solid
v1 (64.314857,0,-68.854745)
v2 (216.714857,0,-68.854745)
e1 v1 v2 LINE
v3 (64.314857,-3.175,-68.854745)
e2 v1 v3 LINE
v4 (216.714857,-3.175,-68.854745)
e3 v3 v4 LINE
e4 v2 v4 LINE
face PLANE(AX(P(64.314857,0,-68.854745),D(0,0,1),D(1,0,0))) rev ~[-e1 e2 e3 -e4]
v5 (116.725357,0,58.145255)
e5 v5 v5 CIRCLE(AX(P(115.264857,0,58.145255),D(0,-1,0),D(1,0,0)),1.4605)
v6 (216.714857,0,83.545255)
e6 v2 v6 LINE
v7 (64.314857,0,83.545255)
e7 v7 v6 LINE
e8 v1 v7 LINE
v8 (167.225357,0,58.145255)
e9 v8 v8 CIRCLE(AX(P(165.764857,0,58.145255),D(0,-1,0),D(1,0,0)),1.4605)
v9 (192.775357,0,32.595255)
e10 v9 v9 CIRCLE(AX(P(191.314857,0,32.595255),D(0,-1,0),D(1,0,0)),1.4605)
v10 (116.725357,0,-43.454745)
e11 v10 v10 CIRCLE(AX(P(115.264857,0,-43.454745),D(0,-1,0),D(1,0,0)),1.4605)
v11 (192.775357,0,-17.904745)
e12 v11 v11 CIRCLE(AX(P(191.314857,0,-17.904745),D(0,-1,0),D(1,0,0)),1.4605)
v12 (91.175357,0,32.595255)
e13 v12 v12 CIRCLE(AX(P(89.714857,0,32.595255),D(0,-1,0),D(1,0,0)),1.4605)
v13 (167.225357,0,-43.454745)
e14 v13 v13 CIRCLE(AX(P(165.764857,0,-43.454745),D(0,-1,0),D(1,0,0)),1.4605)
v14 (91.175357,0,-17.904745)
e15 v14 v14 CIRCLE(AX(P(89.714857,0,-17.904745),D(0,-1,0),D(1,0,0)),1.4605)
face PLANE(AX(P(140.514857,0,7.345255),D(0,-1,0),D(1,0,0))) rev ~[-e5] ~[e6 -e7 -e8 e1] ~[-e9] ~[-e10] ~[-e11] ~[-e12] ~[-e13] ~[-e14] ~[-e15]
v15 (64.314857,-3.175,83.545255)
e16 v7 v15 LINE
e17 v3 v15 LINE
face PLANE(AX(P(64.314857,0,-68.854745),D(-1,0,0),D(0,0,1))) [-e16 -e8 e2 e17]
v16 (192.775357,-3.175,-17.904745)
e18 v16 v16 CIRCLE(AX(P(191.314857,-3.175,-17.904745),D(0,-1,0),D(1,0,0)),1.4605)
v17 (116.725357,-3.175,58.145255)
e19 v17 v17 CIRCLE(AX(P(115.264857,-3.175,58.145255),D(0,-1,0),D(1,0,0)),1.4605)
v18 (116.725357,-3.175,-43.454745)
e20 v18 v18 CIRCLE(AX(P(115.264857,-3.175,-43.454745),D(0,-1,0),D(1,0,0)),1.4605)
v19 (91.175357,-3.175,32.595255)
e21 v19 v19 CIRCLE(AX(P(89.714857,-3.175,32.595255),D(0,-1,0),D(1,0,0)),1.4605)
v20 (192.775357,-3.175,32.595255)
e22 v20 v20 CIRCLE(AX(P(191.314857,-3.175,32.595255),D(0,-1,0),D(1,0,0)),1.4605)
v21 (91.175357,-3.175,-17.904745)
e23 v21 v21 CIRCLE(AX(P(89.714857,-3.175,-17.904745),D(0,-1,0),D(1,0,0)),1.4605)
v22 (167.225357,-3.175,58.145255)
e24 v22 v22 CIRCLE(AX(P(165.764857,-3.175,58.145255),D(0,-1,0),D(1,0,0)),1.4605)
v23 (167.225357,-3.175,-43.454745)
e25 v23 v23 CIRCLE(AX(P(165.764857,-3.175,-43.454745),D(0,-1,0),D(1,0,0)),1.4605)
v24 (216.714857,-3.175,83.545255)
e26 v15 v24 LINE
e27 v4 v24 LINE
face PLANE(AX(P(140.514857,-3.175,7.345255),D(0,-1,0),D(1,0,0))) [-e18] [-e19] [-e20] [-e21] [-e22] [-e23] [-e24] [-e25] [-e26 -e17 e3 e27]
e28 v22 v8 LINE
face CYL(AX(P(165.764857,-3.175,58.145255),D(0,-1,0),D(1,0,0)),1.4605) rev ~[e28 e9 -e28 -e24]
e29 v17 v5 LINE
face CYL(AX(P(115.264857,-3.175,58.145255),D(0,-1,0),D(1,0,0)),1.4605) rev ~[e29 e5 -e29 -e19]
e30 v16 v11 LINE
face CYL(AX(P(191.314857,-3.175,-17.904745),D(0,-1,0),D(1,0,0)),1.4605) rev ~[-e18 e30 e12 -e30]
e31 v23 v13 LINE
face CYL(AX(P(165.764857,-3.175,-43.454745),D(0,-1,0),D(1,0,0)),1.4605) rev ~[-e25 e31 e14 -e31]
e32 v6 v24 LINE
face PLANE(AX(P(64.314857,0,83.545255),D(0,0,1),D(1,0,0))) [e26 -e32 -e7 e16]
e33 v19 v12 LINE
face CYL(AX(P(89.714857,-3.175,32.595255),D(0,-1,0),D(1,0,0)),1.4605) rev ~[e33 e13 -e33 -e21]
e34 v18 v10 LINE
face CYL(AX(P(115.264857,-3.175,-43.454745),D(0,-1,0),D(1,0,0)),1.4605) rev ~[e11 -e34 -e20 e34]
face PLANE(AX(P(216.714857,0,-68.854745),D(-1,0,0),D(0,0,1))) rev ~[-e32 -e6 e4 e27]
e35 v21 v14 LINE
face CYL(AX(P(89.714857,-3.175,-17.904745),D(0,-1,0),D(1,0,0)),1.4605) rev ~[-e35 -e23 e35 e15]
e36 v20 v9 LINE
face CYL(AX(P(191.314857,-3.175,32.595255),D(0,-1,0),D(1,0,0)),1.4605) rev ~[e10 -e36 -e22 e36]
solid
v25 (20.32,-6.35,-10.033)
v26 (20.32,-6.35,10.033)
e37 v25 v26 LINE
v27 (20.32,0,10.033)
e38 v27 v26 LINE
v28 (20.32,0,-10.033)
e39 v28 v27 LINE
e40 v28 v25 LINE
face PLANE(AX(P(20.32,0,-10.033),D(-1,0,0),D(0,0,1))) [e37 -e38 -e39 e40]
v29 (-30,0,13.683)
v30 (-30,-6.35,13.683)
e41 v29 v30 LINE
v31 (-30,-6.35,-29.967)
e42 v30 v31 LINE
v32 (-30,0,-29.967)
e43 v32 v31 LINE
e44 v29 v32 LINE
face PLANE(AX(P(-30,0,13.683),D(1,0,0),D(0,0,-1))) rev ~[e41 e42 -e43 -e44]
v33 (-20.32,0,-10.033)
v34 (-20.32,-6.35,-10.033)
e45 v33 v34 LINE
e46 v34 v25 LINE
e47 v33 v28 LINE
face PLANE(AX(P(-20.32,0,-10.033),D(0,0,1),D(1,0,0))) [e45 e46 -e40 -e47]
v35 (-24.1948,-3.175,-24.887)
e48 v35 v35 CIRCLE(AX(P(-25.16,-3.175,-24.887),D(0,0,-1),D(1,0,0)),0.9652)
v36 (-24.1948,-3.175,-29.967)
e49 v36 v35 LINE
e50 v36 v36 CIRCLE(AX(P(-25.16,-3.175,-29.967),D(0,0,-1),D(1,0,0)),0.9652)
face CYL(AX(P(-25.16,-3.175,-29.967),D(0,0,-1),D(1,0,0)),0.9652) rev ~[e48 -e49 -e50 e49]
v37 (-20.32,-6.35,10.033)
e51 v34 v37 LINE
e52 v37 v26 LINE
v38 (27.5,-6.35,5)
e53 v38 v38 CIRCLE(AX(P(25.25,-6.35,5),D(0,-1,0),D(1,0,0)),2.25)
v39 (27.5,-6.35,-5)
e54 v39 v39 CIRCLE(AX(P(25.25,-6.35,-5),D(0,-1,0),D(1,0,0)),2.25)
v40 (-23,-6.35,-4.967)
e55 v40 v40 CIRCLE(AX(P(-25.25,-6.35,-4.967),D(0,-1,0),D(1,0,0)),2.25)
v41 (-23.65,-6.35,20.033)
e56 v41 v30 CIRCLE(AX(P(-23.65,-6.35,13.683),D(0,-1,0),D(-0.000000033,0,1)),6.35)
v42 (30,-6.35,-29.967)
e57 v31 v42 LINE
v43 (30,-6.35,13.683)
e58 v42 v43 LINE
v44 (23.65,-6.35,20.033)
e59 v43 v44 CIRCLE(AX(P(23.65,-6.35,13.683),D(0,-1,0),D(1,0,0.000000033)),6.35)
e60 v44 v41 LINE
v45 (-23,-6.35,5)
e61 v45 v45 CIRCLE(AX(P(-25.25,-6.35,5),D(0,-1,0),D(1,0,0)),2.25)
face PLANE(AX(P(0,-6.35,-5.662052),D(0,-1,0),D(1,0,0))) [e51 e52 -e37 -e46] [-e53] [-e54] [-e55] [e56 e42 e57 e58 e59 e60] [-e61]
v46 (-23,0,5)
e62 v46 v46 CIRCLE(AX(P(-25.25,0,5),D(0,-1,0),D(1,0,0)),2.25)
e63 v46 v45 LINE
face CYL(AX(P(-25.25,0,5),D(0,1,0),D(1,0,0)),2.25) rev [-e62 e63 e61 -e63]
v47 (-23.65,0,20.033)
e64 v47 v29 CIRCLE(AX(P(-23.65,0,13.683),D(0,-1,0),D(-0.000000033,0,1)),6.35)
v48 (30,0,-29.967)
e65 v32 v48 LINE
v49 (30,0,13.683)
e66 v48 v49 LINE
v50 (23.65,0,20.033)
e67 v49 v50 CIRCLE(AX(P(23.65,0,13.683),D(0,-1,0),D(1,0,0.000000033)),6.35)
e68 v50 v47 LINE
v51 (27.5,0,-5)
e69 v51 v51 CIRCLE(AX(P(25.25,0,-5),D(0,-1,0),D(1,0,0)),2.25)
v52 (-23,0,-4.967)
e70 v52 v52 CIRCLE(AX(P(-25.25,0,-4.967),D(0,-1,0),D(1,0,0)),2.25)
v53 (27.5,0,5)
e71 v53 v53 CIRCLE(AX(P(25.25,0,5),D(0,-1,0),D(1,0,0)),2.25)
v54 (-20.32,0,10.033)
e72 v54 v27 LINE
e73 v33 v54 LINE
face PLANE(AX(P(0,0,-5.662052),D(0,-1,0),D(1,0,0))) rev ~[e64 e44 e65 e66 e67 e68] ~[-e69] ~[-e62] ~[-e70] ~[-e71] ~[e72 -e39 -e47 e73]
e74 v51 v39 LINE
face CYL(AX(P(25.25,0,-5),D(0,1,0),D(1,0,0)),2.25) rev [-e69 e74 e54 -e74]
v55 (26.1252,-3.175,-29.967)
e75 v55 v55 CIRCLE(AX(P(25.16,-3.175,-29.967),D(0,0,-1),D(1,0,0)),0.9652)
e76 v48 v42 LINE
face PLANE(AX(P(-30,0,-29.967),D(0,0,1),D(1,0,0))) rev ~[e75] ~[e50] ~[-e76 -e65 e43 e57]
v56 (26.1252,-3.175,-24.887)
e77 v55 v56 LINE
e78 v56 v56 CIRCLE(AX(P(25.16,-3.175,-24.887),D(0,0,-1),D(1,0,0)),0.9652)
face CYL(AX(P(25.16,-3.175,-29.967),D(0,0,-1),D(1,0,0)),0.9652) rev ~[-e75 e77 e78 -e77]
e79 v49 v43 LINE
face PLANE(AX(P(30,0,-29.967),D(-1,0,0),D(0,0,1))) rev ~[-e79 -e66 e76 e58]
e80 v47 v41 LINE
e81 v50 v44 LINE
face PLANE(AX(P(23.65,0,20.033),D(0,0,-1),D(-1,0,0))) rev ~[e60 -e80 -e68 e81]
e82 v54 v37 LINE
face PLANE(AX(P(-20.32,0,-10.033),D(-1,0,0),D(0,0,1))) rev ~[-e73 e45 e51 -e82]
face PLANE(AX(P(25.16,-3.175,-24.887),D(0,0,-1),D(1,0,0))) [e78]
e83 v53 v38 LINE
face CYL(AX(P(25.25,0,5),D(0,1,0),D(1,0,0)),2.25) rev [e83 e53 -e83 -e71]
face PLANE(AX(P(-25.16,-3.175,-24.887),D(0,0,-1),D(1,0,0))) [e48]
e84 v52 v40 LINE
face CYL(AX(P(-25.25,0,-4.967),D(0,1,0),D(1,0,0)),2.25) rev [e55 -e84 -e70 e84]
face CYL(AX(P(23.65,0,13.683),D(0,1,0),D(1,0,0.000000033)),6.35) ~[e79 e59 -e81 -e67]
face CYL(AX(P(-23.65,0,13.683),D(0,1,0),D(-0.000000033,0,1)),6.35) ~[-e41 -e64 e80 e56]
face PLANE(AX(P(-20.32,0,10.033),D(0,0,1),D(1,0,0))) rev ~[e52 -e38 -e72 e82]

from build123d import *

# Parameters (mm, degrees)
F0_R     = 2.25
F0_W     = 40.64
F0_H     = 20.066
F1_DEPTH = 6.35
F2_W     = 152.4
F2_H     = 152.4
F3_DEPTH = 3.175
F4_R     = 1.4605
F5_DEPTH = 25.4
F6_R     = 0.9652
F7_DEPTH = 5.08


with BuildPart() as f1:
    # F0 (on Front) → F1 (new body)
    with BuildSketch(Plane.XZ):
        with BuildLine():
            ThreePointArc((30, 13.683), (28.140128, 18.173128), (23.65, 20.033))
            Line((23.65, 20.033), (-23.65, 20.033))
            ThreePointArc((-23.65, 20.033), (-28.140128, 18.173128), (-30, 13.683))
            Line((-30, 13.683), (-30, -29.967))
            Line((-30, -29.967), (-25.25, -29.967))
            Line((-25.25, -29.967), (25.25, -29.967))
            Line((25.25, -29.967), (30, -29.967))
            Line((30, -29.967), (30, 13.683))
        make_face()
        with Locations((25.25, -5)):
            Circle(F0_R, mode=Mode.SUBTRACT)
        with Locations((-25.25, -4.967)):
            Circle(F0_R, mode=Mode.SUBTRACT)
        with Locations((-25.25, 5)):
            Circle(F0_R, mode=Mode.SUBTRACT)
        Rectangle(F0_W, F0_H, mode=Mode.SUBTRACT)
        with Locations((25.25, 5)):
            Circle(F0_R, mode=Mode.SUBTRACT)
    extrude(amount=F1_DEPTH)

    # F6 (on face) → F7 (cut)
    with BuildSketch(Plane(origin=(0, 0, -29.967), x_dir=(1, 0, 0), z_dir=(0, 0, -1))):
        with Locations((-25.16, 3.175)):
            Circle(F6_R)
        with Locations((25.16, 3.175)):
            Circle(F6_R)
    extrude(amount=-F7_DEPTH, mode=Mode.SUBTRACT)


with BuildPart() as f3:
    # F2 (on Front) → F3 (new body)
    with BuildSketch(Plane.XZ):
        with Locations((140.514857, 7.345255)):
            Rectangle(F2_W, F2_H)
    extrude(amount=F3_DEPTH)

    # F4 (on face) → F5 (cut)
    with BuildSketch(Plane.XZ.offset(3.175)):
        with Locations((191.314857, 32.595255)):
            Circle(F4_R)
        with Locations((165.764857, 58.145255)):
            Circle(F4_R)
        with Locations((115.264857, 58.145255)):
            Circle(F4_R)
        with Locations((89.714857, 32.595255)):
            Circle(F4_R)
        with Locations((89.714857, -17.904745)):
            Circle(F4_R)
        with Locations((115.264857, -43.454745)):
            Circle(F4_R)
        with Locations((165.764857, -43.454745)):
            Circle(F4_R)
        with Locations((191.314857, -17.904745)):
            Circle(F4_R)
    extrude(amount=-F5_DEPTH, mode=Mode.SUBTRACT)


solid = Compound([f1.part, f3.part])
